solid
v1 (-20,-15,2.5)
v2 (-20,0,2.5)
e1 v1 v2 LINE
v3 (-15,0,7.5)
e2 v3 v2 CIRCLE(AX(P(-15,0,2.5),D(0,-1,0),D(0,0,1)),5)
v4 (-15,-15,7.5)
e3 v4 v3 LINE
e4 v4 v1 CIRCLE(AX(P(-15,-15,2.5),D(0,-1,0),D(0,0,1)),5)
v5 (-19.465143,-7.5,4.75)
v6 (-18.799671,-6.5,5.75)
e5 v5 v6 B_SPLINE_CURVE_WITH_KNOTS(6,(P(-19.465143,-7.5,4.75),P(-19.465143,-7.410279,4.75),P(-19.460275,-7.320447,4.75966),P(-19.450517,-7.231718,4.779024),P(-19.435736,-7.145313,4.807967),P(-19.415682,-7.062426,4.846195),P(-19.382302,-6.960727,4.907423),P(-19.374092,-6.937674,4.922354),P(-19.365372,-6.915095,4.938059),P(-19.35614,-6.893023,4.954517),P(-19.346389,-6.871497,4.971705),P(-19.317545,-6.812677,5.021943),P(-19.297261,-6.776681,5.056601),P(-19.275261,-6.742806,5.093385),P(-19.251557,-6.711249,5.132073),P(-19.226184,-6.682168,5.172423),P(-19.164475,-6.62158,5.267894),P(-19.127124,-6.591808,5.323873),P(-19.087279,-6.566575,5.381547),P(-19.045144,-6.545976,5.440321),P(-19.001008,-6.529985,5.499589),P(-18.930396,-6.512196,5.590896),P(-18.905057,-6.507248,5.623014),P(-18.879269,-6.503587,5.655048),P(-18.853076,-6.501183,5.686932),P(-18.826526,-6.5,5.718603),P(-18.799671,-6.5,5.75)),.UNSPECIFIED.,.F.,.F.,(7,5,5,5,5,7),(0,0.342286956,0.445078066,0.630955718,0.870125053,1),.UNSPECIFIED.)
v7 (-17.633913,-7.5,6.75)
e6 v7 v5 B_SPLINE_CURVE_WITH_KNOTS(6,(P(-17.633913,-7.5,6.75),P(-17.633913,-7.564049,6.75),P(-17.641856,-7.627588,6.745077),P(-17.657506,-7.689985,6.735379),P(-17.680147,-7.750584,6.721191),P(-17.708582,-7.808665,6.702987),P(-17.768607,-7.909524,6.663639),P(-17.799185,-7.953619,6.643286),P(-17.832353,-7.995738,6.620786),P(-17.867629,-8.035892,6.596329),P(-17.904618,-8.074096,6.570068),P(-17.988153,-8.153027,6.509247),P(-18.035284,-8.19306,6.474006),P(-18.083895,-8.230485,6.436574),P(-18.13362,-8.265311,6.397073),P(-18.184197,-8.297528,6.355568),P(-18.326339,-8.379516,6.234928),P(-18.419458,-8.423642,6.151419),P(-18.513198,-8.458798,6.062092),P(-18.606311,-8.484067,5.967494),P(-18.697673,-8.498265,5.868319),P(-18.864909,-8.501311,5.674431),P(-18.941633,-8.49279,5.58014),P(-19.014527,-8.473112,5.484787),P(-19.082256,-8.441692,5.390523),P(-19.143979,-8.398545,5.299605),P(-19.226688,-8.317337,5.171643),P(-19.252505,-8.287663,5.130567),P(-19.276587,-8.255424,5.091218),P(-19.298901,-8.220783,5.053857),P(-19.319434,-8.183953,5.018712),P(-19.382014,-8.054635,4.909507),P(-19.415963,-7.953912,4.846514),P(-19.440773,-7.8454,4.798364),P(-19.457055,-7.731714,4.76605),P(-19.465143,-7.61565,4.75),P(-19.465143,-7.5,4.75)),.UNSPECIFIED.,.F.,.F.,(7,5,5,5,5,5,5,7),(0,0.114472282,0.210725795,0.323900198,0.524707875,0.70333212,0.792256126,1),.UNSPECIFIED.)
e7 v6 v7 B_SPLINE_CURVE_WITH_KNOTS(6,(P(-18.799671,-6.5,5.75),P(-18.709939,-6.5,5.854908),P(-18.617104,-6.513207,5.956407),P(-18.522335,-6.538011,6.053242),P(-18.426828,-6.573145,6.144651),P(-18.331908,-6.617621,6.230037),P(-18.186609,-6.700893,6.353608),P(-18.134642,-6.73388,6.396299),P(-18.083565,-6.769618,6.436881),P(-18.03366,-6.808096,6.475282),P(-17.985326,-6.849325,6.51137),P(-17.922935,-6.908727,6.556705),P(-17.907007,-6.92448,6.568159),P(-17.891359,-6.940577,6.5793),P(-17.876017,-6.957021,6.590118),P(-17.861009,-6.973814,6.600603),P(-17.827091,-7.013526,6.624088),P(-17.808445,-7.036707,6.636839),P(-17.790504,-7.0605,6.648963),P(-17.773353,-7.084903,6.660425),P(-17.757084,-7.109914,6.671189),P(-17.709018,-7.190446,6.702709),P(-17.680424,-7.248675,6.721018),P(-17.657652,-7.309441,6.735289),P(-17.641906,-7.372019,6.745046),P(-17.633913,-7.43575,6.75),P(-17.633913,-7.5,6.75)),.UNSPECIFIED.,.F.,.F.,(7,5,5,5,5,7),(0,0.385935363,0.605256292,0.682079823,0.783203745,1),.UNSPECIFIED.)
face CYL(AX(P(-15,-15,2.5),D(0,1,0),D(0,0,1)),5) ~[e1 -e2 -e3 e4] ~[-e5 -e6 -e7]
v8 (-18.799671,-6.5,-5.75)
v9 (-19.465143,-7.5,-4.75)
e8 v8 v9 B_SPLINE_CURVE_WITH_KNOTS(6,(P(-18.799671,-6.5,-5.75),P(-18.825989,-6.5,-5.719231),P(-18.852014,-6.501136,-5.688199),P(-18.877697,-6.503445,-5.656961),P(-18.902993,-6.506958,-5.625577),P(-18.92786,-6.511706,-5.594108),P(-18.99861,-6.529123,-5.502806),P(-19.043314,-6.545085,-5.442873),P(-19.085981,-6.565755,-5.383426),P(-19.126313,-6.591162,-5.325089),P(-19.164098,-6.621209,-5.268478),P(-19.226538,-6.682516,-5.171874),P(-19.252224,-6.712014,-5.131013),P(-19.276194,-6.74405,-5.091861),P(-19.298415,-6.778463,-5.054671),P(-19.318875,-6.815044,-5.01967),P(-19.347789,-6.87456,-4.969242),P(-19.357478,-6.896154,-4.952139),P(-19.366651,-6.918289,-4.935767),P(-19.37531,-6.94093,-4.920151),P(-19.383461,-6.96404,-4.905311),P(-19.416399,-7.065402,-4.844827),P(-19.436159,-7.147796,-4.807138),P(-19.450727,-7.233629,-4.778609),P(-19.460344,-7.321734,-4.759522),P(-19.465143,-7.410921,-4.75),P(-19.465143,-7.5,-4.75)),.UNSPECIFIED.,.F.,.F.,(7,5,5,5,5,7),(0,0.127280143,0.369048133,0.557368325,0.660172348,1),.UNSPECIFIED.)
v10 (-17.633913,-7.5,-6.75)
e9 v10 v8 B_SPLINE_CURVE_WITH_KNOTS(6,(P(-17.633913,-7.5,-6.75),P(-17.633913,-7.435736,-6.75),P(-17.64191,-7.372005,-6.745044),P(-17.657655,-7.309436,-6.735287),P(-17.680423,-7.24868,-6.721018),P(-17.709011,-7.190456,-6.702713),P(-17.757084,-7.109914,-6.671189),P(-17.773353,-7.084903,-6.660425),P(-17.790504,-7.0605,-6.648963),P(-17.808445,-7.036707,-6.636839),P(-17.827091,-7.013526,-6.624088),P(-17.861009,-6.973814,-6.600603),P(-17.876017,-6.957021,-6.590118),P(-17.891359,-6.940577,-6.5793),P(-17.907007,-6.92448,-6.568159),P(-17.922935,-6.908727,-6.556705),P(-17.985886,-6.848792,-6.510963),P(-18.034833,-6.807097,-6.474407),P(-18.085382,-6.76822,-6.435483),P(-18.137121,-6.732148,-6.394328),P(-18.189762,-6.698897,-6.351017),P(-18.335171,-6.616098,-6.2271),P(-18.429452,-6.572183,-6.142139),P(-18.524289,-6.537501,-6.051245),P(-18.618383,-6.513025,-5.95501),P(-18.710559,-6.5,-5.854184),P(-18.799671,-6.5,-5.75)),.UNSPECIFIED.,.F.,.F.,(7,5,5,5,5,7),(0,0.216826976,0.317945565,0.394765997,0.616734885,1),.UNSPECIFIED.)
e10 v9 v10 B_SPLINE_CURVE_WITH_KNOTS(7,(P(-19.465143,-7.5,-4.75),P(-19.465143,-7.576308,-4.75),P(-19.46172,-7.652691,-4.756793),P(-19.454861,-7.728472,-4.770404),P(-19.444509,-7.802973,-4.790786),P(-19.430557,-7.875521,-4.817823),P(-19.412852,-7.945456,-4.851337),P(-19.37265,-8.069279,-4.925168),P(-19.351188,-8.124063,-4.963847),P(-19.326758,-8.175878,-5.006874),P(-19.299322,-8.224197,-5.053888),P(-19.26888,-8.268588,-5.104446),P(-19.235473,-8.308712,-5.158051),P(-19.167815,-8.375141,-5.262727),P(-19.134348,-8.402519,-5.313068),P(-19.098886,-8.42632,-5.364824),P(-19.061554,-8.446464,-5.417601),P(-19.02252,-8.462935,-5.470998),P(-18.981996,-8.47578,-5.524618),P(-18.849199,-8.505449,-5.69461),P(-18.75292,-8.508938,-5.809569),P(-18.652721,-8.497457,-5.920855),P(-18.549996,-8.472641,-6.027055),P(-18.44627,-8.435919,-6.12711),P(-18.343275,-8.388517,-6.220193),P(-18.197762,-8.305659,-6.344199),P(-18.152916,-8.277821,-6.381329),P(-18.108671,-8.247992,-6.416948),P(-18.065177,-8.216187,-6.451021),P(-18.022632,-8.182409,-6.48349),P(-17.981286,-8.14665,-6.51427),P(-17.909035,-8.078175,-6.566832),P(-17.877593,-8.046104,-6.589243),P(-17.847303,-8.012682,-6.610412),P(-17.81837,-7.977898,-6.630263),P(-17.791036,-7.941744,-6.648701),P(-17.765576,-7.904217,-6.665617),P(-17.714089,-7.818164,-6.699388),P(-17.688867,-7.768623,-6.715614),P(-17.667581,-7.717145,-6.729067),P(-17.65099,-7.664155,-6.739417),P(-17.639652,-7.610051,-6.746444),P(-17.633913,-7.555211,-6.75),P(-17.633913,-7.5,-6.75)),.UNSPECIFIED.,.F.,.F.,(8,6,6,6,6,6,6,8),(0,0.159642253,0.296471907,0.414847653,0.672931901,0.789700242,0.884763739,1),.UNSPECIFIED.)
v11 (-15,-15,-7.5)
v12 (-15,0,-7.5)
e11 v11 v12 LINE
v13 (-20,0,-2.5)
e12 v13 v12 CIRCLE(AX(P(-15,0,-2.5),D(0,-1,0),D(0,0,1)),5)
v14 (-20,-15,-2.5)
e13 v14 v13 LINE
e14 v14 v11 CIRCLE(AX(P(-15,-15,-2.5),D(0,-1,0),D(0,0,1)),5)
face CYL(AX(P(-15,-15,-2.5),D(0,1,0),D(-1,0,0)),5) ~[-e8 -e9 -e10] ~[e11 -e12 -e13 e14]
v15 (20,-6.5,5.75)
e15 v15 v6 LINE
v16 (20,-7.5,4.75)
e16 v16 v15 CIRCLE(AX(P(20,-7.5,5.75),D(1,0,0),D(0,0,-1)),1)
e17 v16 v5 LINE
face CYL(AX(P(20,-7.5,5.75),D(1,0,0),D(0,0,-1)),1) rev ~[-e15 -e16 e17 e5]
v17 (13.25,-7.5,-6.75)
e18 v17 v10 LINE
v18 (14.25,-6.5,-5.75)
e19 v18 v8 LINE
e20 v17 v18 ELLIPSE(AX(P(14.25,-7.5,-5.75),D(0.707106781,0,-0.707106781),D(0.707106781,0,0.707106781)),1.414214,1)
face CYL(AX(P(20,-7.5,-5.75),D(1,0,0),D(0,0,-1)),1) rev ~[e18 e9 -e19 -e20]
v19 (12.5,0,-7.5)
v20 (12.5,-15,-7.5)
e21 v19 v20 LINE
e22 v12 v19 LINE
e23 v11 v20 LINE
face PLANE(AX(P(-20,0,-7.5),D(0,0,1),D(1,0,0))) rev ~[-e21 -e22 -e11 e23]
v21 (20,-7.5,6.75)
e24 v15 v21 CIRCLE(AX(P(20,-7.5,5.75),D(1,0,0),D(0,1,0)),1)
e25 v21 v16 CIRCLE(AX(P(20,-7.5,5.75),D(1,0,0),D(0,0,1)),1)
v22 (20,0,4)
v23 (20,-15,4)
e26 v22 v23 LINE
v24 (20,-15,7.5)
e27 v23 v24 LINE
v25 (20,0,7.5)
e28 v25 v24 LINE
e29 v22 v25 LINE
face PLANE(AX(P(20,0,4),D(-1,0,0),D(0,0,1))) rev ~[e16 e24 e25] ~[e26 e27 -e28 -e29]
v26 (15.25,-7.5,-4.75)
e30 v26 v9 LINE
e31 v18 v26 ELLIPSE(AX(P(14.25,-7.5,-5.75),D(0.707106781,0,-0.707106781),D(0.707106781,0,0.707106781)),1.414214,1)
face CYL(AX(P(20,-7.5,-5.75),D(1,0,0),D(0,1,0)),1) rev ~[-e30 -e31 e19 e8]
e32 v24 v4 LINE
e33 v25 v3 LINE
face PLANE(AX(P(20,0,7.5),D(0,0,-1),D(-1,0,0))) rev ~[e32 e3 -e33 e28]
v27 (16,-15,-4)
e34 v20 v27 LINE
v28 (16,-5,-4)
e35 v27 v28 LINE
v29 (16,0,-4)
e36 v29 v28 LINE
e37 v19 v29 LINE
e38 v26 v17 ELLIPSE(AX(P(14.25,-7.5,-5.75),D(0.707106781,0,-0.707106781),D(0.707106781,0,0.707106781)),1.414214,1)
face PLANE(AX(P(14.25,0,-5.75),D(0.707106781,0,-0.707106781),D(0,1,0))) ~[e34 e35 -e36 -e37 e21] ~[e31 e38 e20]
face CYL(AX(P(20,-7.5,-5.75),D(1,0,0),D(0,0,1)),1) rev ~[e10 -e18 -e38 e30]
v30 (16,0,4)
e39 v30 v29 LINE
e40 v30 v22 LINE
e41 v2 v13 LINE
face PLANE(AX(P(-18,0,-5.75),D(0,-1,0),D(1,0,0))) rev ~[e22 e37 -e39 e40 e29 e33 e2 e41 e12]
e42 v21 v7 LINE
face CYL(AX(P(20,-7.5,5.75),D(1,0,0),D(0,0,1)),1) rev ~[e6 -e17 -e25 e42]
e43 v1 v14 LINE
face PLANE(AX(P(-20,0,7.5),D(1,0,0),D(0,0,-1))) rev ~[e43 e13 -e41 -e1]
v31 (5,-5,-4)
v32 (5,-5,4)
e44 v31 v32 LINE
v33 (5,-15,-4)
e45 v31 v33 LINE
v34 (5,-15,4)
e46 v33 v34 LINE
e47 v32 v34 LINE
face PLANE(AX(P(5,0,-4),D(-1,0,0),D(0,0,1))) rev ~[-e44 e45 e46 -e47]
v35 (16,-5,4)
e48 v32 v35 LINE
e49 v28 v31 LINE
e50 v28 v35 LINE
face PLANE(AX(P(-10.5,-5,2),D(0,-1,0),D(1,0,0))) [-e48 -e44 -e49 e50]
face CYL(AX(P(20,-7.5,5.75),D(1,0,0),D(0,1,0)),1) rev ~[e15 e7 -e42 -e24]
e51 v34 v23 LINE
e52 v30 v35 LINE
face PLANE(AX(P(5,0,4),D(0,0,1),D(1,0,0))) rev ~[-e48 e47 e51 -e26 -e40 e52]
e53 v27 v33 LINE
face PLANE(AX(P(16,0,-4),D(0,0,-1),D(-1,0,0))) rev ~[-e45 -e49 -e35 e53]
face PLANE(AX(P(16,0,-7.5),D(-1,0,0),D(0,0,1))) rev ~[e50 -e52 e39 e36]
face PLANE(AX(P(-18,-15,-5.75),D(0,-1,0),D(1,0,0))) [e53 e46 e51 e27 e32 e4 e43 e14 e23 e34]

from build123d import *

# Parameters (mm, degrees)
F0_W     = 4
F0_H     = 3.5
F0_W_2   = 11
F0_H_2   = 4
F0_W_3   = 10
F1_DEPTH = 15
F2_DEPTH = 5
F3_R     = 5
F4_R     = 5
F5_SIZE  = 3.5
F7_DEPTH = 40


with BuildPart() as f1:
    # F0 (on Front) → F1 (new body)
    with BuildSketch(Plane.XZ):
        with Locations((-18, -5.75)):
            Rectangle(F0_W, F0_H)
        Polygon((16, -4), (5, -4), (-5, -4), (-5, -7.5), (16, -7.5), align=None)
        Polygon((-16, 4), (-5, 4), (-5, 7.5), (-20, 7.5), (-20, 4), align=None)
        with Locations((-10.5, -5.75)):
            Rectangle(F0_W_2, F0_H)
        Polygon((-16, 0), (-16, 4), (-20, 4), (-20, -4), (-16, -4), align=None)
        Polygon((-5, 4), (5, 4), (16, 4), (20, 4), (20, 7.5), (-5, 7.5), align=None)
        with Locations((-10.5, 2)):
            Rectangle(F0_W_2, F0_H_2)
        with Locations((0, 2)):
            Rectangle(F0_W_3, F0_H_2)
        with Locations((-10.5, -2)):
            Rectangle(F0_W_2, F0_H_2)
        with Locations((0, -2)):
            Rectangle(F0_W_3, F0_H_2)
    extrude(amount=F1_DEPTH)

    # F0 (on Front) → F2 (join)
    with BuildSketch(Plane.XZ):
        with Locations((-10.5, 2)):
            Rectangle(F0_W_2, F0_H_2)
        with Locations((0, 2)):
            Rectangle(F0_W_3, F0_H_2)
        with Locations((0, -2)):
            Rectangle(F0_W_3, F0_H_2)
        with Locations((10.5, 2)):
            Rectangle(F0_W_2, F0_H_2)
        with Locations((-10.5, -2)):
            Rectangle(F0_W_2, F0_H_2)
        with Locations((10.5, -2)):
            Rectangle(F0_W_2, F0_H_2)
        Polygon((-5, 4), (5, 4), (16, 4), (20, 4), (20, 7.5), (-5, 7.5), align=None)
        Polygon((16, -4), (5, -4), (-5, -4), (-5, -7.5), (16, -7.5), align=None)
        with Locations((-10.5, -5.75)):
            Rectangle(F0_W_2, F0_H)
        with Locations((-18, -5.75)):
            Rectangle(F0_W, F0_H)
        Polygon((-16, 0), (-16, 4), (-20, 4), (-20, -4), (-16, -4), align=None)
        Polygon((-16, 4), (-5, 4), (-5, 7.5), (-20, 7.5), (-20, 4), align=None)
    extrude(amount=F2_DEPTH)

    # F3
    f3_edges = [f1.edges().sort_by_distance(p)[0] for p in [
        (-20, -7.5, 7.5),
    ]]
    fillet(f3_edges, radius=F3_R)

    # F4
    f4_edges = [f1.edges().sort_by_distance(p)[0] for p in [
        (-20, -7.5, -7.5),
    ]]
    fillet(f4_edges, radius=F4_R)

    # F5
    f5_edges = [f1.edges().sort_by_distance(p)[0] for p in [
        (16, -7.5, -7.5),
    ]]
    chamfer(f5_edges, length=F5_SIZE)

    # F6 (on face) → F7 (cut)
    with BuildSketch(Plane.YZ.offset(20)):
        with BuildLine():
            ThreePointArc((-6.5, -5.75), (-6.7928932188, -5.0428932188), (-7.5, -4.75))
            Line((-7.5, -4.75), (-7.5, -6.75))
            ThreePointArc((-7.5, -6.75), (-6.7928932188, -6.4571067812), (-6.5, -5.75))
        make_face()
        with BuildLine():
            Line((-7.5, -6.75), (-7.5, -4.75))
            ThreePointArc((-7.5, -4.75), (-8.5, -5.75), (-7.5, -6.75))
        make_face()
        with BuildLine():
            ThreePointArc((-7.5, 6.75), (-8.5, 5.75), (-7.5, 4.75))
            Line((-7.5, 4.75), (-7.5, 6.75))
        make_face()
        with BuildLine():
            Line((-7.5, 6.75), (-7.5, 4.75))
            ThreePointArc((-7.5, 4.75), (-6.7928932188, 5.0428932188), (-6.5, 5.75))
            ThreePointArc((-6.5, 5.75), (-6.7928932188, 6.4571067812), (-7.5, 6.75))
        make_face()
    extrude(amount=-F7_DEPTH, mode=Mode.SUBTRACT)


solid = f1.part
